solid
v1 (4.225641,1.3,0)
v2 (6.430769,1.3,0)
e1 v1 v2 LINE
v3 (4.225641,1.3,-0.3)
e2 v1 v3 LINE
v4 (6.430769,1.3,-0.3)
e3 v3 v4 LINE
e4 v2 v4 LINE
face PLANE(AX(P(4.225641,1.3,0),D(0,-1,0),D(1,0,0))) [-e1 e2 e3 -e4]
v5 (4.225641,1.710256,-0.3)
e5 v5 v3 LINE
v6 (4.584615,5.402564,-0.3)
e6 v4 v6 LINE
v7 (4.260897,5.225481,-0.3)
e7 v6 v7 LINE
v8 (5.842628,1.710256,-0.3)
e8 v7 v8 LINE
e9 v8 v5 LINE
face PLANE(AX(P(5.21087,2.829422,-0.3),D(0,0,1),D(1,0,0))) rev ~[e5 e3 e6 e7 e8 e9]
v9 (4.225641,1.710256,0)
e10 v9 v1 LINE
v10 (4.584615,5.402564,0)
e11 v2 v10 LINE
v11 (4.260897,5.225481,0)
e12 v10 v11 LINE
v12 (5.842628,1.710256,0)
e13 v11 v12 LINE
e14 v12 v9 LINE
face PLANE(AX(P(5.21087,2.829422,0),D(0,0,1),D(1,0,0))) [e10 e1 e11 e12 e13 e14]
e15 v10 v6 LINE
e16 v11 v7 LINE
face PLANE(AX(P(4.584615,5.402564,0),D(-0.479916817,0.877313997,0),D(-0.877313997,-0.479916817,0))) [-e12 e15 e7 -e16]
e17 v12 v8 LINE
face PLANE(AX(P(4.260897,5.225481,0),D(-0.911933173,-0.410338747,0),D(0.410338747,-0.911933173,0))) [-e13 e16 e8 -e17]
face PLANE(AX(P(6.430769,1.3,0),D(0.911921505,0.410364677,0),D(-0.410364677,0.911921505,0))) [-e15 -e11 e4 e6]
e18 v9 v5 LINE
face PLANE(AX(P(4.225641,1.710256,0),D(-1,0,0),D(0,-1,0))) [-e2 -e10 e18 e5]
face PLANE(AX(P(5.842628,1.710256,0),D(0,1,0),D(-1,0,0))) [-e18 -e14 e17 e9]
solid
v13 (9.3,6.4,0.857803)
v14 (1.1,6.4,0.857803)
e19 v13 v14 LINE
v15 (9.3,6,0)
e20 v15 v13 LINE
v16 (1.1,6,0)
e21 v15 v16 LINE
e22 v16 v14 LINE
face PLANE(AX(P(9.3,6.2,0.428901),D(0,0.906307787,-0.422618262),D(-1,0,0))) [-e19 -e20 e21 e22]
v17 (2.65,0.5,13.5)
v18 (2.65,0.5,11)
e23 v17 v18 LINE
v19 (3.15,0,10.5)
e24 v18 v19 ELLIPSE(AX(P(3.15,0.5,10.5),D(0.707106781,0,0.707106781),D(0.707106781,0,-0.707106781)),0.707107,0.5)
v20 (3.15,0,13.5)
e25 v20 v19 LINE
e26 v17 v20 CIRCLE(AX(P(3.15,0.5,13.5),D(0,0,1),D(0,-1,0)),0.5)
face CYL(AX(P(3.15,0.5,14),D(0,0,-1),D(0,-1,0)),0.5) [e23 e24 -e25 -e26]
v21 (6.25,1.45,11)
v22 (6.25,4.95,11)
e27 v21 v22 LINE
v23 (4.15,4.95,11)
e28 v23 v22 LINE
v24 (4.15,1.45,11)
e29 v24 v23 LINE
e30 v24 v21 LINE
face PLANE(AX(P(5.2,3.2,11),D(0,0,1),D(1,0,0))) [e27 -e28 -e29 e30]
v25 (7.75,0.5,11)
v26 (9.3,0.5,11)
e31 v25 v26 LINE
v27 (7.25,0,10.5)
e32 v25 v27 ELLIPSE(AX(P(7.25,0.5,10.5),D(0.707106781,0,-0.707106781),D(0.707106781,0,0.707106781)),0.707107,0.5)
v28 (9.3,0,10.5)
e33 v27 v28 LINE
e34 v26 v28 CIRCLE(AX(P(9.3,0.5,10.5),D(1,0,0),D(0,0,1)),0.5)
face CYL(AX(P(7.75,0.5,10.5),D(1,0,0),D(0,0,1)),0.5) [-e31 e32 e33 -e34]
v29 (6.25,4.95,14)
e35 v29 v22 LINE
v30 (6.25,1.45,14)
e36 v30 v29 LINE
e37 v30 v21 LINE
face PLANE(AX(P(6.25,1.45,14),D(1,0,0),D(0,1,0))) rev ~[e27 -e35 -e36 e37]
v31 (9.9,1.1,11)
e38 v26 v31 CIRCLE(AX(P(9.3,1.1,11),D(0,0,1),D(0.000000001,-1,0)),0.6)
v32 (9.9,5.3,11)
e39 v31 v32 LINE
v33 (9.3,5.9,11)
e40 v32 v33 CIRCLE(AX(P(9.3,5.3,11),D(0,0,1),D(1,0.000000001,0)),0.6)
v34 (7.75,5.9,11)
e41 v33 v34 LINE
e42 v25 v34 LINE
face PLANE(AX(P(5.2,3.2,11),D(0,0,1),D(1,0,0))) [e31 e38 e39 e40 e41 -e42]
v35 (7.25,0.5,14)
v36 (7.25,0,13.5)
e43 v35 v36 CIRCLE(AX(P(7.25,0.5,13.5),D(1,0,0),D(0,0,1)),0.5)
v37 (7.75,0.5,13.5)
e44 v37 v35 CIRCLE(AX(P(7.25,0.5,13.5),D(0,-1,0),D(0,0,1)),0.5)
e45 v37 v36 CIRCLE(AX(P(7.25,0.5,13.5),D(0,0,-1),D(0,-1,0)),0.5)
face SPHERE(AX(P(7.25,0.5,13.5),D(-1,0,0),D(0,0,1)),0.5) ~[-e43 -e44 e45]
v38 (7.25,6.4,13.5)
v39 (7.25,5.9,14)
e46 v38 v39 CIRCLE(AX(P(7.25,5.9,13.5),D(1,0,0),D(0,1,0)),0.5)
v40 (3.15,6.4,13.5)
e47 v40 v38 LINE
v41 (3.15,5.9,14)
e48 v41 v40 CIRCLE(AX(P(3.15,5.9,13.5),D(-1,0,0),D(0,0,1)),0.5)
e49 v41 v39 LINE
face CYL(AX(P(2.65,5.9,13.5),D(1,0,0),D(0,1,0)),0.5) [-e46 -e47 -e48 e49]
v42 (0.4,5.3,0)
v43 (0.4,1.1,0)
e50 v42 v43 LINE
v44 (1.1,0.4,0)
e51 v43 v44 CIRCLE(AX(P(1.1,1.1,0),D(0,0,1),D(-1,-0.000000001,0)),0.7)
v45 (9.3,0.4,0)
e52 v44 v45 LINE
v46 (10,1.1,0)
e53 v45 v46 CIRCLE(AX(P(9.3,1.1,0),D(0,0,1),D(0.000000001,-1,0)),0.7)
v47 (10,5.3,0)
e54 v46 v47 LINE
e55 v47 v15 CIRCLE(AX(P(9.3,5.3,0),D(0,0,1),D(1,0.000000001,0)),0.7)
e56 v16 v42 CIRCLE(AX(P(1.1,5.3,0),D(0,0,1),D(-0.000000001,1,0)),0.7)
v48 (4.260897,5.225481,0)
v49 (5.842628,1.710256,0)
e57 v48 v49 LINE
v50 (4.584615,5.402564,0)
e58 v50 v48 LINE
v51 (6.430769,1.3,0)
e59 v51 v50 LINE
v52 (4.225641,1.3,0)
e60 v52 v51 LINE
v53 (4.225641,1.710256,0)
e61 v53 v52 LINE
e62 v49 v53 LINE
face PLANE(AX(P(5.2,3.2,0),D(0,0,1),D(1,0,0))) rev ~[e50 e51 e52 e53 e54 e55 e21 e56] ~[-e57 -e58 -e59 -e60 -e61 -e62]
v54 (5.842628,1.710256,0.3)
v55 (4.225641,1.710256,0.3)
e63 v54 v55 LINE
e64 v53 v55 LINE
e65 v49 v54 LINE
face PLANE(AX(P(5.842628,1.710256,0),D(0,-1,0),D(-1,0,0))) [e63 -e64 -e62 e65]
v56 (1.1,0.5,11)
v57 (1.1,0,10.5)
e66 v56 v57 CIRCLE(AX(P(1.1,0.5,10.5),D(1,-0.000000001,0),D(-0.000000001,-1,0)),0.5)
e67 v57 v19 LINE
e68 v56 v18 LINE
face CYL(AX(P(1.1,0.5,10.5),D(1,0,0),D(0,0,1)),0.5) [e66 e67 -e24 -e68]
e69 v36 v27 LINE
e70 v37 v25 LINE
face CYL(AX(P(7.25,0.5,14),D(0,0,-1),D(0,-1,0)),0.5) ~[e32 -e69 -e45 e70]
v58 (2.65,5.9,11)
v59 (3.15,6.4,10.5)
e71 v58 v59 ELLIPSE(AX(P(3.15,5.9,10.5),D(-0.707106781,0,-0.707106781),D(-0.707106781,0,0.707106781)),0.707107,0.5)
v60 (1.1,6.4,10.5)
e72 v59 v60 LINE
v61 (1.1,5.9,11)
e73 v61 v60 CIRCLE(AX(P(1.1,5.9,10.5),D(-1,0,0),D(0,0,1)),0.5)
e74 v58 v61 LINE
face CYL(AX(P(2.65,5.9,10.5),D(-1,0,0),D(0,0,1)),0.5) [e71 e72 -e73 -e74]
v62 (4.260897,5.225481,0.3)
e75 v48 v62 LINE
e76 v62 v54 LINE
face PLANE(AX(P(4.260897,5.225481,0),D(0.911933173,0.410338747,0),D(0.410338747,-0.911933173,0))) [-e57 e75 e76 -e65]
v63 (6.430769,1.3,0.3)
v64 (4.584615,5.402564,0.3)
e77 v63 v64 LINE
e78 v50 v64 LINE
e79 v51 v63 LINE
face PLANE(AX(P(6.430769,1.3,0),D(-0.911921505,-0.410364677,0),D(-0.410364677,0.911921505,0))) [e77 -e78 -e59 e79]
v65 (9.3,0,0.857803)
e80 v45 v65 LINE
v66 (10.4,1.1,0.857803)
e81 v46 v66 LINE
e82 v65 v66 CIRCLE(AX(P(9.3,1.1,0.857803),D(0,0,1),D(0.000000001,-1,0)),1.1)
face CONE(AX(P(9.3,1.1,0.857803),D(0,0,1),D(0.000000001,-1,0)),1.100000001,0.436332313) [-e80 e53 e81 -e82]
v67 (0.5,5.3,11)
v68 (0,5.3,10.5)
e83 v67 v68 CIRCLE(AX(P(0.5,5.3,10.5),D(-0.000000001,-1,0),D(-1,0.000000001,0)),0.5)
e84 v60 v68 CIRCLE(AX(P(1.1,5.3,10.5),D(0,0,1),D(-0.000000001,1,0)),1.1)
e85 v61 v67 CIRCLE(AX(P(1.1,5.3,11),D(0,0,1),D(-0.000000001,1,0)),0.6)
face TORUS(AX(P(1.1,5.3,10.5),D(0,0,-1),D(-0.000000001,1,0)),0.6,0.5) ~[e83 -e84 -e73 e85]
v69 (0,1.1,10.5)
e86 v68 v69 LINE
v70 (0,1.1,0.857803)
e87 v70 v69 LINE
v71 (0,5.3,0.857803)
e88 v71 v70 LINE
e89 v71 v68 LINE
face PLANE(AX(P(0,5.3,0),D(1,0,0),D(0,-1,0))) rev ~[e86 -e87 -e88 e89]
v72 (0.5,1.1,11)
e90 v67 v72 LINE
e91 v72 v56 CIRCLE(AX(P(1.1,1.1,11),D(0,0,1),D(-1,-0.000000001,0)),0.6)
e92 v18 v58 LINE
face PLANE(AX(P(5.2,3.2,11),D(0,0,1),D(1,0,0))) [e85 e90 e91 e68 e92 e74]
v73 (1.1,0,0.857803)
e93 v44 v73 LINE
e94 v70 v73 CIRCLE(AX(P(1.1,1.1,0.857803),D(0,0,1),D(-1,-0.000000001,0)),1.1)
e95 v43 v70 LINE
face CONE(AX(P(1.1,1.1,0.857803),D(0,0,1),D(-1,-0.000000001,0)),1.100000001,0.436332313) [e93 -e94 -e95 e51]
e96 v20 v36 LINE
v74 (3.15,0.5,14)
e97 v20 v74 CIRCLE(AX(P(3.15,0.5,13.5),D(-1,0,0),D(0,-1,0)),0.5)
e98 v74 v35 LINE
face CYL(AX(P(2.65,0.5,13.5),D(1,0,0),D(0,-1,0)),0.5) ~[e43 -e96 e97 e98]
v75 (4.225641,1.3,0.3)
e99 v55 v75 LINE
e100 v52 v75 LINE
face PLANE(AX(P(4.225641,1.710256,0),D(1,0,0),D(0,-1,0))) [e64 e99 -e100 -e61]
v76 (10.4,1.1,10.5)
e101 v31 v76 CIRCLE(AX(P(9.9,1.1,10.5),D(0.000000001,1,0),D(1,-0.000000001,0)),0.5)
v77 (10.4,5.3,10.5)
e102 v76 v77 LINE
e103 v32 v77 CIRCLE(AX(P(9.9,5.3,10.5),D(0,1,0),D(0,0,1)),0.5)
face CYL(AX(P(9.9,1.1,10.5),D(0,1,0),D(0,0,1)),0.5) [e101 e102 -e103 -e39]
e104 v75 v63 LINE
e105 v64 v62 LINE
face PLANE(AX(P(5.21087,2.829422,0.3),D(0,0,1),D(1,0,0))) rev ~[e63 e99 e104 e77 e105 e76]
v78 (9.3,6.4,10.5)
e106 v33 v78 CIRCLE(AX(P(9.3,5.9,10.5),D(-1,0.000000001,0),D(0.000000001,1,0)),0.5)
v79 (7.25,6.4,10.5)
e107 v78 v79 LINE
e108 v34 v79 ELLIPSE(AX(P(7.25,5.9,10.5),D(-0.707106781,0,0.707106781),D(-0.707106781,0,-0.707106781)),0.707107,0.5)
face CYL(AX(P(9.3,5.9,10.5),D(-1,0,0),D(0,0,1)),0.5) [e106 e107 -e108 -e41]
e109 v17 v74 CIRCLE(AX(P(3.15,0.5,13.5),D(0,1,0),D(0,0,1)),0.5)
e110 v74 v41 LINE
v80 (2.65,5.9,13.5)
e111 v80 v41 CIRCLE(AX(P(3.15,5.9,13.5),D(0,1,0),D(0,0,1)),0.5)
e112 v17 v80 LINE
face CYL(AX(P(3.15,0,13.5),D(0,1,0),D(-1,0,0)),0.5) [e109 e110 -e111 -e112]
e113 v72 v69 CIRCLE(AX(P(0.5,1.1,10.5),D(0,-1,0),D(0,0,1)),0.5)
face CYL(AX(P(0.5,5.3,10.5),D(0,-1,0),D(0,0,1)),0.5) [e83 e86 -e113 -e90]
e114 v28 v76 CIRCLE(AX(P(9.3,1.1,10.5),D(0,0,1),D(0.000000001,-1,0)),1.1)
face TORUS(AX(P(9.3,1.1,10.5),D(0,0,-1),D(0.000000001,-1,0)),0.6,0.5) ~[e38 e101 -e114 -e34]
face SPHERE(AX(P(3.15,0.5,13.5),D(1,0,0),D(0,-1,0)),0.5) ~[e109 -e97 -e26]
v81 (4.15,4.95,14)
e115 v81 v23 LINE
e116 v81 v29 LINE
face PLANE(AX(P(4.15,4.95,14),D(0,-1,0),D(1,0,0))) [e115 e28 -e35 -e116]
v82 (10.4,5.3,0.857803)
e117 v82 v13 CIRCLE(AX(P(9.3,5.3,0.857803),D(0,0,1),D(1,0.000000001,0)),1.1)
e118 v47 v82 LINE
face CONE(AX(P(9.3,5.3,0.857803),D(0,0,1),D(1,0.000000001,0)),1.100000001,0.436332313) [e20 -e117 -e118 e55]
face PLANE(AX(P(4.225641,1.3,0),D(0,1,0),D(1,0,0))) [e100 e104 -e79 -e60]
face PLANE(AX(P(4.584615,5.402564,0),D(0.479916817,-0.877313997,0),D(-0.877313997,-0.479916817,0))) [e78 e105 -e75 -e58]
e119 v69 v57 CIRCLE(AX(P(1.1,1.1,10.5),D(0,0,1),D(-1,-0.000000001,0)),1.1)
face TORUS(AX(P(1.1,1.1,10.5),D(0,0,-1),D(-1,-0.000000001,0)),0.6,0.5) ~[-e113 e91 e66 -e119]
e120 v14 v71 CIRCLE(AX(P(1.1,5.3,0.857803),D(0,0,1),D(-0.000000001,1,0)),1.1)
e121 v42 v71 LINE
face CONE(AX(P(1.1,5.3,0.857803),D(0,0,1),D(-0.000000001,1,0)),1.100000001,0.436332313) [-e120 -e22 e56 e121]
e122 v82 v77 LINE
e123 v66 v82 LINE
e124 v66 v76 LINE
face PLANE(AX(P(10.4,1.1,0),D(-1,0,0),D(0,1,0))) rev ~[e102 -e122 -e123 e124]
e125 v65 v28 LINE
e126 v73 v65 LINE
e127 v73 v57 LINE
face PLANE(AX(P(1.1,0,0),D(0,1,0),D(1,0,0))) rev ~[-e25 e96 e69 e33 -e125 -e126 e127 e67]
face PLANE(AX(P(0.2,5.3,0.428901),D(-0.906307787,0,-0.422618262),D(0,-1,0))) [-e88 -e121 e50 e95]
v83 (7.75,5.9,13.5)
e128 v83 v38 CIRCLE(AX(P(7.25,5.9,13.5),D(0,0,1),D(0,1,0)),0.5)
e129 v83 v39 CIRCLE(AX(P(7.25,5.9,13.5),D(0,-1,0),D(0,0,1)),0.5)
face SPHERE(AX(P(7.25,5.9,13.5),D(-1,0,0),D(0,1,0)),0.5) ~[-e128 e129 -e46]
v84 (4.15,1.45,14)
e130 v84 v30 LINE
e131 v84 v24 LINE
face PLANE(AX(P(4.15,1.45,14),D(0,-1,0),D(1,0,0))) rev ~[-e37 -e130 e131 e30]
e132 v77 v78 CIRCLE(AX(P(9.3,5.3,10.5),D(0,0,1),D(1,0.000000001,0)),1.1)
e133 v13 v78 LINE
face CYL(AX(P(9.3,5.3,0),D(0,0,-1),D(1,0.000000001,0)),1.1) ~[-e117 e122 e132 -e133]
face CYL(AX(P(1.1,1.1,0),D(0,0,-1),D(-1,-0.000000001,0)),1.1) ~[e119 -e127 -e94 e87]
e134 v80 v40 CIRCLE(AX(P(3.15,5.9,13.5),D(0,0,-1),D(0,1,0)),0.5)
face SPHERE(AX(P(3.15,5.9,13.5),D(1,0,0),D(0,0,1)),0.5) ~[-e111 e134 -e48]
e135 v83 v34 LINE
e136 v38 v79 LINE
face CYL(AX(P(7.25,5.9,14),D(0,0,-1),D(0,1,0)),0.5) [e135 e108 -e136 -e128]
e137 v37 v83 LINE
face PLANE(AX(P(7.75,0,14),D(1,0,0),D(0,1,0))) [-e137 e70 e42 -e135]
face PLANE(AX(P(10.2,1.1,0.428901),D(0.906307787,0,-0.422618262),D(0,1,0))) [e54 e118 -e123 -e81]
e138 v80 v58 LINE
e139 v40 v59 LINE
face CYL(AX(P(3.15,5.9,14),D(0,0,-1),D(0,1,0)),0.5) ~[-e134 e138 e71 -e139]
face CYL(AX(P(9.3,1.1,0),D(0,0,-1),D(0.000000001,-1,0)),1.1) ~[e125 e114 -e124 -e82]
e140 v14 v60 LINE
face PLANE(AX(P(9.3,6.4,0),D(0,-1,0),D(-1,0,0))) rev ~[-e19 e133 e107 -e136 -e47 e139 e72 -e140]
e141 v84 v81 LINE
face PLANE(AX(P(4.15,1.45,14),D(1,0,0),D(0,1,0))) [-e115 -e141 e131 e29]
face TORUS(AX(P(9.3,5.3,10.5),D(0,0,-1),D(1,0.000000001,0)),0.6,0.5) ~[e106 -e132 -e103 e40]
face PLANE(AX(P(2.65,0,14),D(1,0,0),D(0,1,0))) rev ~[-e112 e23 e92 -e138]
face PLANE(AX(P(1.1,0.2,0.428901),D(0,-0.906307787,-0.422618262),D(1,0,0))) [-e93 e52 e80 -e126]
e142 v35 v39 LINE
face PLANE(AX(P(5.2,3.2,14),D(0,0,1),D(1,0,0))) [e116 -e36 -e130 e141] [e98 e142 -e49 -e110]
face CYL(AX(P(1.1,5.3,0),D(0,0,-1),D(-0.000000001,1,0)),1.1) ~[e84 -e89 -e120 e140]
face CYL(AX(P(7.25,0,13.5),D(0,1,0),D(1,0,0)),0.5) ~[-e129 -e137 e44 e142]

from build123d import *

# Parameters (mm, degrees)
BOSS_EXTRU_1_DEPTH      = 14
ESQUISSE3_W             = 2.1
ESQUISSE3_H             = 3.5
ENL_V_MAT_EXTRU_1_DEPTH = 3
ESQUISSE4_OUTSIDE_W     = 16.116
ESQUISSE4_OUTSIDE_H     = 12.116
ESQUISSE4_OUTSIDE_W_2   = 5.1
ESQUISSE4_OUTSIDE_H_2   = 6.4
ENL_V_MAT_EXTRU_2_DEPTH = 3
CONG_1_R                = 0.5
CHANFREIN1_SIZE         = 0.4
CHANFREIN1_SIZE2        = 0.857802768
ENL_V_MAT_EXTRU_3_DEPTH = 0.3
BOSS_EXTRU_2_DEPTH      = 0.3


with BuildPart() as part:
    # Esquisse2 → Boss.-Extru.1 (new body)
    with BuildSketch(Plane.XY):
        with BuildLine():
            Line((1.1, 0), (9.3, 0))
            ThreePointArc((9.3, 0), (10.077817459, 0.322182541), (10.4, 1.1))
            Line((10.4, 1.1), (10.4, 5.3))
            ThreePointArc((10.4, 5.3), (10.077817459, 6.077817459), (9.3, 6.4))
            Line((9.3, 6.4), (1.1, 6.4))
            ThreePointArc((1.1, 6.4), (0.322182541, 6.077817459), (0, 5.3))
            Line((0, 5.3), (0, 1.1))
            ThreePointArc((0, 1.1), (0.322182541, 0.322182541), (1.1, 0))
        make_face()
    extrude(amount=BOSS_EXTRU_1_DEPTH)

    # Esquisse3 → Enlèv. mat.-Extru.1 (cut)
    with BuildSketch(Plane.XY.offset(14)):
        with Locations((5.2, 3.2)):
            Rectangle(ESQUISSE3_W, ESQUISSE3_H)
    extrude(amount=-ENL_V_MAT_EXTRU_1_DEPTH, mode=Mode.SUBTRACT)

    # Esquisse4 outside → Enlèv. mat.-Extru.2 (cut)
    with BuildSketch(Plane.XY.offset(14)):
        with Locations((5.2, 3.2)):
            Rectangle(ESQUISSE4_OUTSIDE_W, ESQUISSE4_OUTSIDE_H)
        with Locations((5.2, 3.2)):
            Rectangle(ESQUISSE4_OUTSIDE_W_2, ESQUISSE4_OUTSIDE_H_2, mode=Mode.SUBTRACT)
    extrude(amount=-ENL_V_MAT_EXTRU_2_DEPTH, mode=Mode.SUBTRACT)

    # Congé1
    cong_1_edges = [part.edges().sort_by_distance(p)[0] for p in [
        (5.2, 6.4, 14),
        (5.2, 0, 14),
        (10.4, 3.2, 11),
        (1.875, 6.4, 11),
        (0.322182541, 6.077817459, 11),
        (0, 3.2, 11),
        (0.322182541, 0.322182541, 11),
        (1.875, 0, 11),
        (8.525, 0, 11),
        (10.077817459, 0.322182541, 11),
        (10.077817459, 6.077817459, 11),
        (8.525, 6.4, 11),
        (7.75, 6.4, 12.5),
        (7.75, 3.2, 14),
        (7.75, 0, 12.5),
        (2.65, 0, 12.5),
        (2.65, 3.2, 14),
        (2.65, 6.4, 12.5),
    ]]
    fillet(cong_1_edges, radius=CONG_1_R)

    # Chanfrein1
    chanfrein1_edges = [part.edges().sort_by_distance(p)[0] for p in [
        (5.2, 6.4, 0),
        (10.077817459, 6.077817459, 0),
        (10.4, 3.2, 0),
        (10.077817459, 0.322182541, 0),
        (5.2, 0, 0),
        (0.322182541, 0.322182541, 0),
        (0, 3.2, 0),
        (0.322182541, 6.077817459, 0),
    ]]
    chanfrein1_side = [part.faces().sort_by_distance(p)[0] for p in [
        (5.2, 3.2, 0),
    ]]
    chamfer(chanfrein1_edges, length=CHANFREIN1_SIZE, length2=CHANFREIN1_SIZE2, reference=chanfrein1_side[0])

    # Esquisse5 → Enlèv. mat.-Extru.3 (cut)
    with BuildSketch(Plane(origin=(0, 0, 0), x_dir=(-1, 0, 0), z_dir=(0, 0, -1))):
        Polygon((-4.225641026, 1.3), (-6.430769231, 1.3), (-4.584615385, 5.402564103), (-4.260897436, 5.225480769), (-5.842628205, 1.71025641), (-4.225641026, 1.71025641), align=None)
    extrude(amount=-ENL_V_MAT_EXTRU_3_DEPTH, mode=Mode.SUBTRACT)


with BuildPart() as body_2:
    # Esquisse5<2> → Boss.-Extru.2 (new body)
    with BuildSketch(Plane(origin=(0, 0, 0), x_dir=(-1, 0, 0), z_dir=(0, 0, -1))):
        Polygon((-4.225641026, 1.3), (-6.430769231, 1.3), (-4.584615385, 5.402564103), (-4.260897436, 5.225480769), (-5.842628205, 1.71025641), (-4.225641026, 1.71025641), align=None)
    extrude(amount=BOSS_EXTRU_2_DEPTH)


solid = Compound([part.part, body_2.part])
